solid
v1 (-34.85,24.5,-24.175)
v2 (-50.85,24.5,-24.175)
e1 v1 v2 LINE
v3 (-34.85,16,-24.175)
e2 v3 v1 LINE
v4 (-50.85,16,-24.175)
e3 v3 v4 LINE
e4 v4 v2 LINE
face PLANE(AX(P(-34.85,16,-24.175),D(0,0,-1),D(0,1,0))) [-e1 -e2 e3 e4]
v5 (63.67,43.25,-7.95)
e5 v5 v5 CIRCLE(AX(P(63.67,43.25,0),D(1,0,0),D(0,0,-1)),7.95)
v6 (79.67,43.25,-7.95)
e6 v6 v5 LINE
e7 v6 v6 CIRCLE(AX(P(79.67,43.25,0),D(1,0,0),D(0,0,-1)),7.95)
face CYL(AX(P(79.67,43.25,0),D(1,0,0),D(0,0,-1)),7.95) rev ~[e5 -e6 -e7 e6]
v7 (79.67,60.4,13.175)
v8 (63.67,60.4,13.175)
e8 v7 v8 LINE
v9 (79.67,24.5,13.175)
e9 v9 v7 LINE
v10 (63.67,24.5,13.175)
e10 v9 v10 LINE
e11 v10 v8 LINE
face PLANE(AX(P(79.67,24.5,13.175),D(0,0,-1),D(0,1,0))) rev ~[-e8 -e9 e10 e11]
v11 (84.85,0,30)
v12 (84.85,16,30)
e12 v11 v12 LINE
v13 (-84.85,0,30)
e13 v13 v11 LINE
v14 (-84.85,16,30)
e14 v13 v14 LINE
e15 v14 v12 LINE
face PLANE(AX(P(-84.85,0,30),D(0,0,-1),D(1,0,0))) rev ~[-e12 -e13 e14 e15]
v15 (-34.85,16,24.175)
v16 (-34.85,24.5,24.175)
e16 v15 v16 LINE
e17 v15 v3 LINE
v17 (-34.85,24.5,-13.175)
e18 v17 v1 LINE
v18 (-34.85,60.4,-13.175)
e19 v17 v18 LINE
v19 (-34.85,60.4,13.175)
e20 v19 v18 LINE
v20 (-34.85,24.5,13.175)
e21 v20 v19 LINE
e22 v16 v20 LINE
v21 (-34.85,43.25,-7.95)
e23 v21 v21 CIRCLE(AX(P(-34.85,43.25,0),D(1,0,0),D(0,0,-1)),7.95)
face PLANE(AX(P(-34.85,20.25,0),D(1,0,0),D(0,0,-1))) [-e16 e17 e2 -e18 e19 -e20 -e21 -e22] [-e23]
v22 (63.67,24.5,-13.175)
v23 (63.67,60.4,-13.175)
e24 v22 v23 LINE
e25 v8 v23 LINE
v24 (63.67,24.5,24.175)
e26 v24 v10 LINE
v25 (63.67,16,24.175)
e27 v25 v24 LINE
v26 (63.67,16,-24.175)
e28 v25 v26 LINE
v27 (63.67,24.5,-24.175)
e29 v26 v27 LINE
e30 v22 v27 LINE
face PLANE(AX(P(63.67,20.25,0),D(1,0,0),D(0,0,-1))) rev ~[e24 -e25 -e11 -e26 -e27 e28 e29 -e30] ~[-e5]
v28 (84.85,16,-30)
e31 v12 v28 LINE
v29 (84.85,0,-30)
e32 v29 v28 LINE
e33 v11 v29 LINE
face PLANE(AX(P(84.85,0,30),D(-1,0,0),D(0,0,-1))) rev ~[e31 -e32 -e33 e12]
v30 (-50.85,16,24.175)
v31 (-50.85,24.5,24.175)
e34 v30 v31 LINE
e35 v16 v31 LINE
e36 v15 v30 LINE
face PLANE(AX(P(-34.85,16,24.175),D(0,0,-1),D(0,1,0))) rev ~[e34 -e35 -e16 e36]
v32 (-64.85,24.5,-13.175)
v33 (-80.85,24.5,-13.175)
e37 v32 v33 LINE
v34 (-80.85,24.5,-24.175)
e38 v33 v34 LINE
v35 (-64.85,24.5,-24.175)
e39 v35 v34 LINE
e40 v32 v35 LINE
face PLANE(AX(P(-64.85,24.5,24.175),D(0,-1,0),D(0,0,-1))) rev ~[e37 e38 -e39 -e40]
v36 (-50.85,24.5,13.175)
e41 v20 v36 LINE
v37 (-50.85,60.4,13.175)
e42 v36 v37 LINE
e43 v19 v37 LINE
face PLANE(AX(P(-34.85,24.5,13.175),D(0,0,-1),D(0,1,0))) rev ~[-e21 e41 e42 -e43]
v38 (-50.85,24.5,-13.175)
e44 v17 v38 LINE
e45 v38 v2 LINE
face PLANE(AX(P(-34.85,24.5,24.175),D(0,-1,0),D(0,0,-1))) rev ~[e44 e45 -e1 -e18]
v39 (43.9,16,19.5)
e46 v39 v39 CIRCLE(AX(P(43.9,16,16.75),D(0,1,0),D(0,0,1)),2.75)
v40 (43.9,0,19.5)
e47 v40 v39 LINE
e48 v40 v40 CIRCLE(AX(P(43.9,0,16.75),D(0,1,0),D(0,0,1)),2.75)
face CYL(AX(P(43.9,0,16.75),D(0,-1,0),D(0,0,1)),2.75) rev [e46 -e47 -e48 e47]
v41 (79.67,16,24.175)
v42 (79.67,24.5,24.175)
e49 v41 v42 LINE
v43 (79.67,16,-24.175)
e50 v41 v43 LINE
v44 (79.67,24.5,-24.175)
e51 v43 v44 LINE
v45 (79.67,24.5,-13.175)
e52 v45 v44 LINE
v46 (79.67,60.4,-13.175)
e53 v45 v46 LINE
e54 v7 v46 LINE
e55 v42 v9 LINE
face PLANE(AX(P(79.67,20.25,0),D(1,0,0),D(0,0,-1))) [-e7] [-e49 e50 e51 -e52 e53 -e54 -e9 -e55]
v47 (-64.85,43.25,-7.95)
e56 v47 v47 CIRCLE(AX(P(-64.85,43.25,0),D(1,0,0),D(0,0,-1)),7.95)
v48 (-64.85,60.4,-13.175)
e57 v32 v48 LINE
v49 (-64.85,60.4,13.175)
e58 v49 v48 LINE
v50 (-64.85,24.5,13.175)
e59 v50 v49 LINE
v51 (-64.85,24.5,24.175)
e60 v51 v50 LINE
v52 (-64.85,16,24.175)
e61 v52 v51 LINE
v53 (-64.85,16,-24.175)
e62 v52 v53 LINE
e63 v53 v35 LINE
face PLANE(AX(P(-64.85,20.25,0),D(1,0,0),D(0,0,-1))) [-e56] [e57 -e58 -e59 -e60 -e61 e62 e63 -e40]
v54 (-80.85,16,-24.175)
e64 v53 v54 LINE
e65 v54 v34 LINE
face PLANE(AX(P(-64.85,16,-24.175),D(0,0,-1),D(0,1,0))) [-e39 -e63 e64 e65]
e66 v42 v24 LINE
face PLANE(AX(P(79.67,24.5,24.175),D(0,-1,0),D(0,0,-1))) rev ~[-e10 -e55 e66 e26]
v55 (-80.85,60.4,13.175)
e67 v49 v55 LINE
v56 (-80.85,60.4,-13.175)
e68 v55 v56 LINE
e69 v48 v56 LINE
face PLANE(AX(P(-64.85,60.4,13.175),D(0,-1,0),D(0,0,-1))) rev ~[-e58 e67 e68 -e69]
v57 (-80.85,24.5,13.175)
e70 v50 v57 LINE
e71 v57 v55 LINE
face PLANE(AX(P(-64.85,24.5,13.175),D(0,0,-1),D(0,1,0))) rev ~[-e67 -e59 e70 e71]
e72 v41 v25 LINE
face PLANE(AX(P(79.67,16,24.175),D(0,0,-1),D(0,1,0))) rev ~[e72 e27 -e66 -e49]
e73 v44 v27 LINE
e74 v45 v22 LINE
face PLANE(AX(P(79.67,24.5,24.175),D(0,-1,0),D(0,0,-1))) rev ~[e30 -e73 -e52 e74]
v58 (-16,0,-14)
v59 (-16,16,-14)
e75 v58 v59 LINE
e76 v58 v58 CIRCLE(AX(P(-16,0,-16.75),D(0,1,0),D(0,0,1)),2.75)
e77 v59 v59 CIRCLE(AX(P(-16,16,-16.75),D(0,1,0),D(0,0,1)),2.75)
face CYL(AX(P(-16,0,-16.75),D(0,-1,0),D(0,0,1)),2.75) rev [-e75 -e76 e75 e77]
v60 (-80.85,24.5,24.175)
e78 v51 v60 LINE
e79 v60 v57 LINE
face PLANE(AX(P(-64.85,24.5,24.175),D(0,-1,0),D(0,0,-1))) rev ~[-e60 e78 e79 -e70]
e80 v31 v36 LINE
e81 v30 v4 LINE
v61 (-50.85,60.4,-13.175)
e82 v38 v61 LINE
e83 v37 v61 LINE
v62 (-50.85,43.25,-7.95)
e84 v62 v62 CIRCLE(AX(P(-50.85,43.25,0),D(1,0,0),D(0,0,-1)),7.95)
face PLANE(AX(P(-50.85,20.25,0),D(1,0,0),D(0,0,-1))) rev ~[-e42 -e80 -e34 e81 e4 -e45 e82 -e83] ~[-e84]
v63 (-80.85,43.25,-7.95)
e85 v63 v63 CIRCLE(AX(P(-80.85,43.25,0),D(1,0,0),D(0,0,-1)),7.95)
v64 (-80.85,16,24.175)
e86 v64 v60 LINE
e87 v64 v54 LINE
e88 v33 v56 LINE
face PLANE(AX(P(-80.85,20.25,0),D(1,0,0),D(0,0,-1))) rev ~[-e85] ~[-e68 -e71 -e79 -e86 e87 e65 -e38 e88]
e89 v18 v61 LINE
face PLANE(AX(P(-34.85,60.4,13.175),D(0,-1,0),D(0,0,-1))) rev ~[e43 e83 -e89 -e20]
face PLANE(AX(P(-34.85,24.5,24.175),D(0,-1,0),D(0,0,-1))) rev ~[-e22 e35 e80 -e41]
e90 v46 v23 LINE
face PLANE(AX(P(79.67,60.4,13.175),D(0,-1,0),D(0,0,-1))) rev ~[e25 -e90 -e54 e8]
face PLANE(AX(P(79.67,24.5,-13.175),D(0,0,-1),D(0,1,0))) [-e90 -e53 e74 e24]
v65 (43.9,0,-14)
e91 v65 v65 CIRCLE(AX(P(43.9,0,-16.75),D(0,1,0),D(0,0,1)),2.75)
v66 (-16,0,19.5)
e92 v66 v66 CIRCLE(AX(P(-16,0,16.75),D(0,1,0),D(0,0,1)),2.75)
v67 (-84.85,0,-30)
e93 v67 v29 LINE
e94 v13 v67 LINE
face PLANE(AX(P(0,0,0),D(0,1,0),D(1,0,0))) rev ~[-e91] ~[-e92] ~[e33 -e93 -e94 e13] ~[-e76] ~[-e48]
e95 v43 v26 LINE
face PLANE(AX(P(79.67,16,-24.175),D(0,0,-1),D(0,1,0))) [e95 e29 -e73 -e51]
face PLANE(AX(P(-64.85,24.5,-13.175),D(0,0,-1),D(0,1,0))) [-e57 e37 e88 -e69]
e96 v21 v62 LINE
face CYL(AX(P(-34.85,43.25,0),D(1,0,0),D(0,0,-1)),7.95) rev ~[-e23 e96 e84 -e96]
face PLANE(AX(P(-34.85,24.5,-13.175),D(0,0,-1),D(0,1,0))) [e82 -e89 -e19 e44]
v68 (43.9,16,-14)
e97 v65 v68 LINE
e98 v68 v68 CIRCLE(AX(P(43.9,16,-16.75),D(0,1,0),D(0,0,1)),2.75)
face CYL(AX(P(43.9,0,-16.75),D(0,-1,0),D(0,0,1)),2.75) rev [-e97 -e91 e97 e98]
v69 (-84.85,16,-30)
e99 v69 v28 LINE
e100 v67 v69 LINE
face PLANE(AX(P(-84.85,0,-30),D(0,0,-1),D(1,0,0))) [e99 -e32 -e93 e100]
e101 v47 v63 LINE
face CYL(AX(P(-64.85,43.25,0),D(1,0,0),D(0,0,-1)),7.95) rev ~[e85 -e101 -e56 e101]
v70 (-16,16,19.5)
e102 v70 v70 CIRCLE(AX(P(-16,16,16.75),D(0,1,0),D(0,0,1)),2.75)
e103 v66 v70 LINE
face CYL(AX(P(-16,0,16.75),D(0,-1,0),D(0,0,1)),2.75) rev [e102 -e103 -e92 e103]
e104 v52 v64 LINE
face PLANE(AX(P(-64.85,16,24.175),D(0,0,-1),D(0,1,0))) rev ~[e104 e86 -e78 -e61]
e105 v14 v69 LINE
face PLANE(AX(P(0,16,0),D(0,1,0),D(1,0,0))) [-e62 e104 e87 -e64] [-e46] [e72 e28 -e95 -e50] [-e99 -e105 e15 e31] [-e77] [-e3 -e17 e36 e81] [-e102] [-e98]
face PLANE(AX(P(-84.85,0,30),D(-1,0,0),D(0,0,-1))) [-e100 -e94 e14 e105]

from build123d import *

# Parameters (mm, degrees)
SKETCH1_W           = 169.7
SKETCH1_H           = 60
SKETCH1_R           = 2.75
BOSS_EXTRUDE1_DEPTH = 16
BOSS_EXTRUDE2_START = -5.18
SKETCH2_W           = 48.35
SKETCH2_H           = 8.5
SKETCH2_W_2         = 26.35
SKETCH2_H_2         = 35.9
SKETCH2_R           = 7.95
BOSS_EXTRUDE2_DEPTH = 16
BOSS_EXTRUDE3_START = -149.7
SKETCH2_3_W         = 48.35
SKETCH2_3_H         = 8.5
SKETCH2_3_W_2       = 26.35
SKETCH2_3_H_2       = 35.9
SKETCH2_3_R         = 7.95
BOSS_EXTRUDE3_DEPTH = 16
LPATTERN1_COUNT     = 2
LPATTERN1_PITCH     = 30


with BuildPart() as part:
    # Sketch1 → Boss-Extrude1 (new body)
    with BuildSketch(Plane(origin=(0, 0, 0), x_dir=(1, 0, 0), z_dir=(0, 1, 0))):
        Rectangle(SKETCH1_W, SKETCH1_H)
        with Locations(Location((-16, -16.75, 0), (0, 0, 270))):
            Circle(SKETCH1_R, mode=Mode.SUBTRACT)
        with Locations(Location((43.9, -16.75, 0), (0, 0, 270))):
            Circle(SKETCH1_R, mode=Mode.SUBTRACT)
        with Locations(Location((43.9, 16.75, 0), (0, 0, 270))):
            Circle(SKETCH1_R, mode=Mode.SUBTRACT)
        with Locations(Location((-16, 16.75, 0), (0, 0, 270))):
            Circle(SKETCH1_R, mode=Mode.SUBTRACT)
    extrude(amount=BOSS_EXTRUDE1_DEPTH)

    # Sketch2 → Boss-Extrude2 (add)
    # profile 1 of 2: a face of its own
    with BuildSketch(Plane(origin=(84.85, 0, 0), x_dir=(0, 0, -1), z_dir=(1, 0, 0)).offset(BOSS_EXTRUDE2_START)):
        with Locations((0, 20.25)):
            Rectangle(SKETCH2_W, SKETCH2_H)
    # profile 2 of 2: a face of its own
    with BuildSketch(Plane(origin=(84.85, 0, 0), x_dir=(0, 0, -1), z_dir=(1, 0, 0)).offset(BOSS_EXTRUDE2_START)):
        with Locations((0, 42.45)):
            Rectangle(SKETCH2_W_2, SKETCH2_H_2)
        with Locations((0, 43.25)):
            Circle(SKETCH2_R, mode=Mode.SUBTRACT)
    extrude(amount=-BOSS_EXTRUDE2_DEPTH)

    # Sketch2<3> → Boss-Extrude3 (add)
    # profile 1 of 2: a face of its own
    with BuildSketch(Plane(origin=(84.85, 0, 0), x_dir=(0, 0, -1), z_dir=(1, 0, 0)).offset(BOSS_EXTRUDE3_START)):
        with Locations((0, 20.25)):
            Rectangle(SKETCH2_3_W, SKETCH2_3_H)
    # profile 2 of 2: a face of its own
    with BuildSketch(Plane(origin=(84.85, 0, 0), x_dir=(0, 0, -1), z_dir=(1, 0, 0)).offset(BOSS_EXTRUDE3_START)):
        with Locations((0, 42.45)):
            Rectangle(SKETCH2_3_W_2, SKETCH2_3_H_2)
        with Locations((0, 43.25)):
            Circle(SKETCH2_3_R, mode=Mode.SUBTRACT)
    boss_extrude3 = extrude(amount=-BOSS_EXTRUDE3_DEPTH)

    # LPattern1: Boss-Extrude3 ×2
    with Locations(*[(i * LPATTERN1_PITCH, 0, 0) for i in range(1, LPATTERN1_COUNT)]):
        add(boss_extrude3)


solid = part.part
